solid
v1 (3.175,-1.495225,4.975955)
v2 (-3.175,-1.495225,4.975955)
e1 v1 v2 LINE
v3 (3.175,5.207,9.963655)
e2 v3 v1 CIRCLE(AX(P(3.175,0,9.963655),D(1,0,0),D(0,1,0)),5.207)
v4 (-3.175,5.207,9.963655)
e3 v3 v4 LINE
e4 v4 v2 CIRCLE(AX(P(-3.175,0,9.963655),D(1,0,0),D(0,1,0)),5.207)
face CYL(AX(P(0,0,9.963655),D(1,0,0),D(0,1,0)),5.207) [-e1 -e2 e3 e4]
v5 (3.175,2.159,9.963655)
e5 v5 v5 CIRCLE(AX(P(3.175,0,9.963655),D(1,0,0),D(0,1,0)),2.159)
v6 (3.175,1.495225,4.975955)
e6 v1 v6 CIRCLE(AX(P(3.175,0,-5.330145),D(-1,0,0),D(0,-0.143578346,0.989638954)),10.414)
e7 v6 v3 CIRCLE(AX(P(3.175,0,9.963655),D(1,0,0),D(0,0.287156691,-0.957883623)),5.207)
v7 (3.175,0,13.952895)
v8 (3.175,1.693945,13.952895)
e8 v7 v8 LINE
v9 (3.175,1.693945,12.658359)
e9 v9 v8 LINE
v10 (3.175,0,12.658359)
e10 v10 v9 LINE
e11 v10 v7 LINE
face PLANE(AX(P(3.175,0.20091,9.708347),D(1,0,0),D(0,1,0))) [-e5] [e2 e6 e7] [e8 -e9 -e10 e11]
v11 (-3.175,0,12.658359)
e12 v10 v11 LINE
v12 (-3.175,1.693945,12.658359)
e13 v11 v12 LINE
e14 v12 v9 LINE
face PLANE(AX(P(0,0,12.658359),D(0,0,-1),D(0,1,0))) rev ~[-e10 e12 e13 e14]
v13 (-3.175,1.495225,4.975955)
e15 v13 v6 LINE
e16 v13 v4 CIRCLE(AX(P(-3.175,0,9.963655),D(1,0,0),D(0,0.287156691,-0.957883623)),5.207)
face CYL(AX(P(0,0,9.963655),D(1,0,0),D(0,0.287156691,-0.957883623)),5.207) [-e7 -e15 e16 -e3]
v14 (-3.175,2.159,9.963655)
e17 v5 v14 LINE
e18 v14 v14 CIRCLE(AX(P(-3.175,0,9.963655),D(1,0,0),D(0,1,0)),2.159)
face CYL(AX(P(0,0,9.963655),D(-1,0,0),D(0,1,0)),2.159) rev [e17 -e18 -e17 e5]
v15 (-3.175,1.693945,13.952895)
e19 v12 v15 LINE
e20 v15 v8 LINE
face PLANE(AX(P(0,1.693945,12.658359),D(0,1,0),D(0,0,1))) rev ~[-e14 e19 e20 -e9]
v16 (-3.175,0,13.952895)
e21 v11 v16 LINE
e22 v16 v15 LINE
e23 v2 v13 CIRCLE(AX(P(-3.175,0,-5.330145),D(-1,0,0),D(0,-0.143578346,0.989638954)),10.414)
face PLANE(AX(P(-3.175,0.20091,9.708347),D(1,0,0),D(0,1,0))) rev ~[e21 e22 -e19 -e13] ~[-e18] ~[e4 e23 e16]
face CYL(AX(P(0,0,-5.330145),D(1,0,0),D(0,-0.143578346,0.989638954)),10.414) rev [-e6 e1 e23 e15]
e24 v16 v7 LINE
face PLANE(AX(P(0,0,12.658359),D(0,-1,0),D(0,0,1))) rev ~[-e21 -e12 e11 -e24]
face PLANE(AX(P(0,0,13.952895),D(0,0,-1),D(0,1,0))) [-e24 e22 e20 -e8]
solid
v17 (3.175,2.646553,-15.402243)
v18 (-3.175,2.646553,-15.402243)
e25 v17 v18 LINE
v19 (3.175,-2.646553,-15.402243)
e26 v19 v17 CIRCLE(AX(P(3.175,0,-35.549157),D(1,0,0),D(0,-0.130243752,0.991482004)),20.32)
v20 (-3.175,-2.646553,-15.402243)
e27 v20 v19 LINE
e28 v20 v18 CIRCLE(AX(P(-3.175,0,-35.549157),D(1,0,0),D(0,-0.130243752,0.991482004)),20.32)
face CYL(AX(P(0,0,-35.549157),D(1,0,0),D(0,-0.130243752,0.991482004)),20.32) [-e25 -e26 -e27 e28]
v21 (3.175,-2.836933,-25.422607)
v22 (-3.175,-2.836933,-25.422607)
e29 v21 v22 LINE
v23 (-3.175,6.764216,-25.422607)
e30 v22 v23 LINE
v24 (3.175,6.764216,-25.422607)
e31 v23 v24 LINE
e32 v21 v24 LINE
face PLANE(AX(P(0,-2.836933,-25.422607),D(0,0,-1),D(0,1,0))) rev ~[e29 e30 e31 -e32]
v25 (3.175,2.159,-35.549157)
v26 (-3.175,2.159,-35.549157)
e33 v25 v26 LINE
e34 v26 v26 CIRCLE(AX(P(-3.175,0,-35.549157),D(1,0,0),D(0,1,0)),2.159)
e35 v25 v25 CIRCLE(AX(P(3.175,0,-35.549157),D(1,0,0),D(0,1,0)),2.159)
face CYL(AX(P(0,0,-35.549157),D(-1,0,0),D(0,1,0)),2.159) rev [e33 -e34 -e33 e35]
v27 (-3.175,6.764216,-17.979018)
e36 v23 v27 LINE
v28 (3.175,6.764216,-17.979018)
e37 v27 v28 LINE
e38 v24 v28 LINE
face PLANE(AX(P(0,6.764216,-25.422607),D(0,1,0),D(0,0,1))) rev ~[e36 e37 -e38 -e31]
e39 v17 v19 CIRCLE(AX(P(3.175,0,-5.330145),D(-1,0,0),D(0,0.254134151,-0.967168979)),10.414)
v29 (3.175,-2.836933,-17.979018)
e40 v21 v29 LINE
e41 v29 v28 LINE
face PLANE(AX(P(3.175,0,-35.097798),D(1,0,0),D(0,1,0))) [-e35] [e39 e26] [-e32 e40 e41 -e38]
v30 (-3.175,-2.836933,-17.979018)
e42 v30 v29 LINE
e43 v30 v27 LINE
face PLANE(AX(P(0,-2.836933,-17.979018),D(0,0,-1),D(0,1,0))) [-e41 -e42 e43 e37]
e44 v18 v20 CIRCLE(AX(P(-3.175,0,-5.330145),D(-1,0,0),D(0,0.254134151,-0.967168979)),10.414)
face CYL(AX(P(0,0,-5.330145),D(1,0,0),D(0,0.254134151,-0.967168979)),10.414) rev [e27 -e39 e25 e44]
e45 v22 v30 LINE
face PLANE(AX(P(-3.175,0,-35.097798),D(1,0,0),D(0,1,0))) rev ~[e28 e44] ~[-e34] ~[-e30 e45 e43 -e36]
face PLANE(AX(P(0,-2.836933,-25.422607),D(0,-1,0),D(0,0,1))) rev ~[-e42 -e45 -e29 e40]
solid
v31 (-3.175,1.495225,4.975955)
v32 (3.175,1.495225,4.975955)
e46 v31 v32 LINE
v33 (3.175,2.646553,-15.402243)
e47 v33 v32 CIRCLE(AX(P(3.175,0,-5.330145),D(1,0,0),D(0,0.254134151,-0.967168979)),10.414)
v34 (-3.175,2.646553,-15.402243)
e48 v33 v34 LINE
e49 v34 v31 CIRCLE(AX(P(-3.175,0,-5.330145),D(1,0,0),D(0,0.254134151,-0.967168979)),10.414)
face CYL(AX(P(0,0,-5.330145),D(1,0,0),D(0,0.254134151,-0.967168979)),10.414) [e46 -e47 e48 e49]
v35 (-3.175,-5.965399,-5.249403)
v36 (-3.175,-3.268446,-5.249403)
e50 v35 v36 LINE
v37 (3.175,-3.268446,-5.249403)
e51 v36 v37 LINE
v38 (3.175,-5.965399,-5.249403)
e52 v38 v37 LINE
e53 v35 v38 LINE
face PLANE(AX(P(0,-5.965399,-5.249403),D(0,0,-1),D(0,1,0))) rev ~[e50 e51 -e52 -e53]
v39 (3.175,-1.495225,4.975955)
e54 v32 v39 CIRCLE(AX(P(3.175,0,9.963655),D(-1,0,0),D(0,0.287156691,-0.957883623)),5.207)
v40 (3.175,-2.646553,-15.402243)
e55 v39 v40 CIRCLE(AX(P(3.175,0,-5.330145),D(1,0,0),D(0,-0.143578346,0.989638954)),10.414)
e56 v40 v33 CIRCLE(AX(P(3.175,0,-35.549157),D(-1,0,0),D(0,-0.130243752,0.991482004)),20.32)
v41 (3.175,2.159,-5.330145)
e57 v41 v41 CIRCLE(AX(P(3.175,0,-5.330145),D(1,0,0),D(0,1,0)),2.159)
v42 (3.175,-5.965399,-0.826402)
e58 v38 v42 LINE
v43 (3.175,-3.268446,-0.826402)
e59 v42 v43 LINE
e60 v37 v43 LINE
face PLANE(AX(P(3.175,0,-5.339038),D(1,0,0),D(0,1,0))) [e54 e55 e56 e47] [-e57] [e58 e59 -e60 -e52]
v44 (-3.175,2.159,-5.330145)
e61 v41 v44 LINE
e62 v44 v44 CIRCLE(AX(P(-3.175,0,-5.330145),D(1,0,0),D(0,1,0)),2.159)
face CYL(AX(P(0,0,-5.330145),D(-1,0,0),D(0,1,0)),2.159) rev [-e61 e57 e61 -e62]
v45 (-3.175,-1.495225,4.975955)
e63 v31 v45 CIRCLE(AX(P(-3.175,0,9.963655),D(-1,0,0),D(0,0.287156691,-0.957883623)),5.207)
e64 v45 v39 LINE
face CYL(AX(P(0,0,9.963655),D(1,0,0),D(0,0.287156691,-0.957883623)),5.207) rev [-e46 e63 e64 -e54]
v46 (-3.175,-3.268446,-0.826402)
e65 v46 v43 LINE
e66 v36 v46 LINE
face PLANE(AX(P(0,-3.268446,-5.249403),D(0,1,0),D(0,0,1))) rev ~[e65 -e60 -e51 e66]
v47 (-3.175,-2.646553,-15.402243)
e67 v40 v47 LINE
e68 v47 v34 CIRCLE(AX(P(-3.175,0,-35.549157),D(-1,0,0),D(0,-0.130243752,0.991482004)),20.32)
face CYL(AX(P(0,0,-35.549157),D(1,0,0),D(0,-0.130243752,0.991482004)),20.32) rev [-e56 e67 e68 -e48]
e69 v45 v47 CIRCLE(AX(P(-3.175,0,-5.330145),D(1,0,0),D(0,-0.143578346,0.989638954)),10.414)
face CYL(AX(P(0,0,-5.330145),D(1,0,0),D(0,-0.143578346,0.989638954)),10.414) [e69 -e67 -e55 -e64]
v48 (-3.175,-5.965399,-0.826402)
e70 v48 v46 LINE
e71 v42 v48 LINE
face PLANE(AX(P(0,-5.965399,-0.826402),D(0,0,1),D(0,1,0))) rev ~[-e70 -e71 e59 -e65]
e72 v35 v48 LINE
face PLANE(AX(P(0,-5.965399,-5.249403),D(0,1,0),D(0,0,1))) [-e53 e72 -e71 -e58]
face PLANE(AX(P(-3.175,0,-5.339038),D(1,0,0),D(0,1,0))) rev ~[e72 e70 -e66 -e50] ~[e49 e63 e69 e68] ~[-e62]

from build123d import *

# Parameters (mm, degrees)
F0_R     = 2.159
F0_W     = 1.6939451452
F0_H     = 1.2945365161
F1_DEPTH = 3.175
F0_W_2   = 2.6969534811
F0_H_2   = 4.4230010826
F0_W_3   = 9.6011492424
F0_H_3   = 7.443588227


with BuildPart() as f1:
    # F0 (on Right) → F1 (new body, symmetric)
    with BuildSketch(Plane.YZ):
        with BuildLine():
            ThreePointArc((-1.4952248906, 4.9759547406), (0, 5.0838546767), (1.4952248906, 4.9759547406))
            ThreePointArc((1.4952248906, 4.9759547406), (4.177229046, 6.8550205791), (5.207, 9.9636547643))
            ThreePointArc((5.207, 9.9636547643), (-3.1086341852, 14.1408838103), (-1.4952248906, 4.9759547406))
        make_face()
        with Locations((0, 9.9636547643)):
            Circle(F0_R, mode=Mode.SUBTRACT)
        with Locations((0.8469725726, 13.3056268096)):
            Rectangle(F0_W, F0_H, mode=Mode.SUBTRACT)
    extrude(amount=F1_DEPTH, both=True)


with BuildPart() as f1b:
    # F0 (on Right) → F1, piece 2 (new body, symmetric)
    with BuildSketch(Plane.YZ):
        with BuildLine():
            ThreePointArc((2.6465530474, -15.4022430674), (8.2465932189, -11.6897912475), (10.414, -5.3301453233))
            ThreePointArc((10.414, -5.3301453233), (7.8747275512, 1.4845492403), (1.4952248906, 4.9759547406))
            ThreePointArc((1.4952248906, 4.9759547406), (0, 4.7566547643), (-1.4952248906, 4.9759547406))
            ThreePointArc((-1.4952248906, 4.9759547406), (-10.3974187949, -4.7427115801), (-2.6465530474, -15.4022430674))
            ThreePointArc((-2.6465530474, -15.4022430674), (0, -15.2291573961), (2.6465530474, -15.4022430674))
        make_face()
        with Locations((-4.6169223497, -3.0379028758)):
            Rectangle(F0_W_2, F0_H_2, mode=Mode.SUBTRACT)
        with Locations((0, -5.3301453233)):
            Circle(F0_R, mode=Mode.SUBTRACT)
    extrude(amount=F1_DEPTH, both=True)


with BuildPart() as f1c:
    # F0 (on Right) → F1, piece 3 (new body, symmetric)
    with BuildSketch(Plane.YZ):
        with BuildLine():
            ThreePointArc((20.32, -35.5491573961), (15.2754763907, -22.1490745218), (2.6465530474, -15.4022430674))
            ThreePointArc((2.6465530474, -15.4022430674), (0, -15.7441453233), (-2.6465530474, -15.4022430674))
            ThreePointArc((-2.6465530474, -15.4022430674), (-13.4000828743, -50.8246337867), (20.32, -35.5491573961))
        make_face()
        with Locations((0, -35.5491573961)):
            Circle(F0_R, mode=Mode.SUBTRACT)
        with Locations((1.9636412617, -21.7008125037)):
            Rectangle(F0_W_3, F0_H_3, mode=Mode.SUBTRACT)
    extrude(amount=F1_DEPTH, both=True)


solid = Compound([f1.part, f1b.part, f1c.part])
